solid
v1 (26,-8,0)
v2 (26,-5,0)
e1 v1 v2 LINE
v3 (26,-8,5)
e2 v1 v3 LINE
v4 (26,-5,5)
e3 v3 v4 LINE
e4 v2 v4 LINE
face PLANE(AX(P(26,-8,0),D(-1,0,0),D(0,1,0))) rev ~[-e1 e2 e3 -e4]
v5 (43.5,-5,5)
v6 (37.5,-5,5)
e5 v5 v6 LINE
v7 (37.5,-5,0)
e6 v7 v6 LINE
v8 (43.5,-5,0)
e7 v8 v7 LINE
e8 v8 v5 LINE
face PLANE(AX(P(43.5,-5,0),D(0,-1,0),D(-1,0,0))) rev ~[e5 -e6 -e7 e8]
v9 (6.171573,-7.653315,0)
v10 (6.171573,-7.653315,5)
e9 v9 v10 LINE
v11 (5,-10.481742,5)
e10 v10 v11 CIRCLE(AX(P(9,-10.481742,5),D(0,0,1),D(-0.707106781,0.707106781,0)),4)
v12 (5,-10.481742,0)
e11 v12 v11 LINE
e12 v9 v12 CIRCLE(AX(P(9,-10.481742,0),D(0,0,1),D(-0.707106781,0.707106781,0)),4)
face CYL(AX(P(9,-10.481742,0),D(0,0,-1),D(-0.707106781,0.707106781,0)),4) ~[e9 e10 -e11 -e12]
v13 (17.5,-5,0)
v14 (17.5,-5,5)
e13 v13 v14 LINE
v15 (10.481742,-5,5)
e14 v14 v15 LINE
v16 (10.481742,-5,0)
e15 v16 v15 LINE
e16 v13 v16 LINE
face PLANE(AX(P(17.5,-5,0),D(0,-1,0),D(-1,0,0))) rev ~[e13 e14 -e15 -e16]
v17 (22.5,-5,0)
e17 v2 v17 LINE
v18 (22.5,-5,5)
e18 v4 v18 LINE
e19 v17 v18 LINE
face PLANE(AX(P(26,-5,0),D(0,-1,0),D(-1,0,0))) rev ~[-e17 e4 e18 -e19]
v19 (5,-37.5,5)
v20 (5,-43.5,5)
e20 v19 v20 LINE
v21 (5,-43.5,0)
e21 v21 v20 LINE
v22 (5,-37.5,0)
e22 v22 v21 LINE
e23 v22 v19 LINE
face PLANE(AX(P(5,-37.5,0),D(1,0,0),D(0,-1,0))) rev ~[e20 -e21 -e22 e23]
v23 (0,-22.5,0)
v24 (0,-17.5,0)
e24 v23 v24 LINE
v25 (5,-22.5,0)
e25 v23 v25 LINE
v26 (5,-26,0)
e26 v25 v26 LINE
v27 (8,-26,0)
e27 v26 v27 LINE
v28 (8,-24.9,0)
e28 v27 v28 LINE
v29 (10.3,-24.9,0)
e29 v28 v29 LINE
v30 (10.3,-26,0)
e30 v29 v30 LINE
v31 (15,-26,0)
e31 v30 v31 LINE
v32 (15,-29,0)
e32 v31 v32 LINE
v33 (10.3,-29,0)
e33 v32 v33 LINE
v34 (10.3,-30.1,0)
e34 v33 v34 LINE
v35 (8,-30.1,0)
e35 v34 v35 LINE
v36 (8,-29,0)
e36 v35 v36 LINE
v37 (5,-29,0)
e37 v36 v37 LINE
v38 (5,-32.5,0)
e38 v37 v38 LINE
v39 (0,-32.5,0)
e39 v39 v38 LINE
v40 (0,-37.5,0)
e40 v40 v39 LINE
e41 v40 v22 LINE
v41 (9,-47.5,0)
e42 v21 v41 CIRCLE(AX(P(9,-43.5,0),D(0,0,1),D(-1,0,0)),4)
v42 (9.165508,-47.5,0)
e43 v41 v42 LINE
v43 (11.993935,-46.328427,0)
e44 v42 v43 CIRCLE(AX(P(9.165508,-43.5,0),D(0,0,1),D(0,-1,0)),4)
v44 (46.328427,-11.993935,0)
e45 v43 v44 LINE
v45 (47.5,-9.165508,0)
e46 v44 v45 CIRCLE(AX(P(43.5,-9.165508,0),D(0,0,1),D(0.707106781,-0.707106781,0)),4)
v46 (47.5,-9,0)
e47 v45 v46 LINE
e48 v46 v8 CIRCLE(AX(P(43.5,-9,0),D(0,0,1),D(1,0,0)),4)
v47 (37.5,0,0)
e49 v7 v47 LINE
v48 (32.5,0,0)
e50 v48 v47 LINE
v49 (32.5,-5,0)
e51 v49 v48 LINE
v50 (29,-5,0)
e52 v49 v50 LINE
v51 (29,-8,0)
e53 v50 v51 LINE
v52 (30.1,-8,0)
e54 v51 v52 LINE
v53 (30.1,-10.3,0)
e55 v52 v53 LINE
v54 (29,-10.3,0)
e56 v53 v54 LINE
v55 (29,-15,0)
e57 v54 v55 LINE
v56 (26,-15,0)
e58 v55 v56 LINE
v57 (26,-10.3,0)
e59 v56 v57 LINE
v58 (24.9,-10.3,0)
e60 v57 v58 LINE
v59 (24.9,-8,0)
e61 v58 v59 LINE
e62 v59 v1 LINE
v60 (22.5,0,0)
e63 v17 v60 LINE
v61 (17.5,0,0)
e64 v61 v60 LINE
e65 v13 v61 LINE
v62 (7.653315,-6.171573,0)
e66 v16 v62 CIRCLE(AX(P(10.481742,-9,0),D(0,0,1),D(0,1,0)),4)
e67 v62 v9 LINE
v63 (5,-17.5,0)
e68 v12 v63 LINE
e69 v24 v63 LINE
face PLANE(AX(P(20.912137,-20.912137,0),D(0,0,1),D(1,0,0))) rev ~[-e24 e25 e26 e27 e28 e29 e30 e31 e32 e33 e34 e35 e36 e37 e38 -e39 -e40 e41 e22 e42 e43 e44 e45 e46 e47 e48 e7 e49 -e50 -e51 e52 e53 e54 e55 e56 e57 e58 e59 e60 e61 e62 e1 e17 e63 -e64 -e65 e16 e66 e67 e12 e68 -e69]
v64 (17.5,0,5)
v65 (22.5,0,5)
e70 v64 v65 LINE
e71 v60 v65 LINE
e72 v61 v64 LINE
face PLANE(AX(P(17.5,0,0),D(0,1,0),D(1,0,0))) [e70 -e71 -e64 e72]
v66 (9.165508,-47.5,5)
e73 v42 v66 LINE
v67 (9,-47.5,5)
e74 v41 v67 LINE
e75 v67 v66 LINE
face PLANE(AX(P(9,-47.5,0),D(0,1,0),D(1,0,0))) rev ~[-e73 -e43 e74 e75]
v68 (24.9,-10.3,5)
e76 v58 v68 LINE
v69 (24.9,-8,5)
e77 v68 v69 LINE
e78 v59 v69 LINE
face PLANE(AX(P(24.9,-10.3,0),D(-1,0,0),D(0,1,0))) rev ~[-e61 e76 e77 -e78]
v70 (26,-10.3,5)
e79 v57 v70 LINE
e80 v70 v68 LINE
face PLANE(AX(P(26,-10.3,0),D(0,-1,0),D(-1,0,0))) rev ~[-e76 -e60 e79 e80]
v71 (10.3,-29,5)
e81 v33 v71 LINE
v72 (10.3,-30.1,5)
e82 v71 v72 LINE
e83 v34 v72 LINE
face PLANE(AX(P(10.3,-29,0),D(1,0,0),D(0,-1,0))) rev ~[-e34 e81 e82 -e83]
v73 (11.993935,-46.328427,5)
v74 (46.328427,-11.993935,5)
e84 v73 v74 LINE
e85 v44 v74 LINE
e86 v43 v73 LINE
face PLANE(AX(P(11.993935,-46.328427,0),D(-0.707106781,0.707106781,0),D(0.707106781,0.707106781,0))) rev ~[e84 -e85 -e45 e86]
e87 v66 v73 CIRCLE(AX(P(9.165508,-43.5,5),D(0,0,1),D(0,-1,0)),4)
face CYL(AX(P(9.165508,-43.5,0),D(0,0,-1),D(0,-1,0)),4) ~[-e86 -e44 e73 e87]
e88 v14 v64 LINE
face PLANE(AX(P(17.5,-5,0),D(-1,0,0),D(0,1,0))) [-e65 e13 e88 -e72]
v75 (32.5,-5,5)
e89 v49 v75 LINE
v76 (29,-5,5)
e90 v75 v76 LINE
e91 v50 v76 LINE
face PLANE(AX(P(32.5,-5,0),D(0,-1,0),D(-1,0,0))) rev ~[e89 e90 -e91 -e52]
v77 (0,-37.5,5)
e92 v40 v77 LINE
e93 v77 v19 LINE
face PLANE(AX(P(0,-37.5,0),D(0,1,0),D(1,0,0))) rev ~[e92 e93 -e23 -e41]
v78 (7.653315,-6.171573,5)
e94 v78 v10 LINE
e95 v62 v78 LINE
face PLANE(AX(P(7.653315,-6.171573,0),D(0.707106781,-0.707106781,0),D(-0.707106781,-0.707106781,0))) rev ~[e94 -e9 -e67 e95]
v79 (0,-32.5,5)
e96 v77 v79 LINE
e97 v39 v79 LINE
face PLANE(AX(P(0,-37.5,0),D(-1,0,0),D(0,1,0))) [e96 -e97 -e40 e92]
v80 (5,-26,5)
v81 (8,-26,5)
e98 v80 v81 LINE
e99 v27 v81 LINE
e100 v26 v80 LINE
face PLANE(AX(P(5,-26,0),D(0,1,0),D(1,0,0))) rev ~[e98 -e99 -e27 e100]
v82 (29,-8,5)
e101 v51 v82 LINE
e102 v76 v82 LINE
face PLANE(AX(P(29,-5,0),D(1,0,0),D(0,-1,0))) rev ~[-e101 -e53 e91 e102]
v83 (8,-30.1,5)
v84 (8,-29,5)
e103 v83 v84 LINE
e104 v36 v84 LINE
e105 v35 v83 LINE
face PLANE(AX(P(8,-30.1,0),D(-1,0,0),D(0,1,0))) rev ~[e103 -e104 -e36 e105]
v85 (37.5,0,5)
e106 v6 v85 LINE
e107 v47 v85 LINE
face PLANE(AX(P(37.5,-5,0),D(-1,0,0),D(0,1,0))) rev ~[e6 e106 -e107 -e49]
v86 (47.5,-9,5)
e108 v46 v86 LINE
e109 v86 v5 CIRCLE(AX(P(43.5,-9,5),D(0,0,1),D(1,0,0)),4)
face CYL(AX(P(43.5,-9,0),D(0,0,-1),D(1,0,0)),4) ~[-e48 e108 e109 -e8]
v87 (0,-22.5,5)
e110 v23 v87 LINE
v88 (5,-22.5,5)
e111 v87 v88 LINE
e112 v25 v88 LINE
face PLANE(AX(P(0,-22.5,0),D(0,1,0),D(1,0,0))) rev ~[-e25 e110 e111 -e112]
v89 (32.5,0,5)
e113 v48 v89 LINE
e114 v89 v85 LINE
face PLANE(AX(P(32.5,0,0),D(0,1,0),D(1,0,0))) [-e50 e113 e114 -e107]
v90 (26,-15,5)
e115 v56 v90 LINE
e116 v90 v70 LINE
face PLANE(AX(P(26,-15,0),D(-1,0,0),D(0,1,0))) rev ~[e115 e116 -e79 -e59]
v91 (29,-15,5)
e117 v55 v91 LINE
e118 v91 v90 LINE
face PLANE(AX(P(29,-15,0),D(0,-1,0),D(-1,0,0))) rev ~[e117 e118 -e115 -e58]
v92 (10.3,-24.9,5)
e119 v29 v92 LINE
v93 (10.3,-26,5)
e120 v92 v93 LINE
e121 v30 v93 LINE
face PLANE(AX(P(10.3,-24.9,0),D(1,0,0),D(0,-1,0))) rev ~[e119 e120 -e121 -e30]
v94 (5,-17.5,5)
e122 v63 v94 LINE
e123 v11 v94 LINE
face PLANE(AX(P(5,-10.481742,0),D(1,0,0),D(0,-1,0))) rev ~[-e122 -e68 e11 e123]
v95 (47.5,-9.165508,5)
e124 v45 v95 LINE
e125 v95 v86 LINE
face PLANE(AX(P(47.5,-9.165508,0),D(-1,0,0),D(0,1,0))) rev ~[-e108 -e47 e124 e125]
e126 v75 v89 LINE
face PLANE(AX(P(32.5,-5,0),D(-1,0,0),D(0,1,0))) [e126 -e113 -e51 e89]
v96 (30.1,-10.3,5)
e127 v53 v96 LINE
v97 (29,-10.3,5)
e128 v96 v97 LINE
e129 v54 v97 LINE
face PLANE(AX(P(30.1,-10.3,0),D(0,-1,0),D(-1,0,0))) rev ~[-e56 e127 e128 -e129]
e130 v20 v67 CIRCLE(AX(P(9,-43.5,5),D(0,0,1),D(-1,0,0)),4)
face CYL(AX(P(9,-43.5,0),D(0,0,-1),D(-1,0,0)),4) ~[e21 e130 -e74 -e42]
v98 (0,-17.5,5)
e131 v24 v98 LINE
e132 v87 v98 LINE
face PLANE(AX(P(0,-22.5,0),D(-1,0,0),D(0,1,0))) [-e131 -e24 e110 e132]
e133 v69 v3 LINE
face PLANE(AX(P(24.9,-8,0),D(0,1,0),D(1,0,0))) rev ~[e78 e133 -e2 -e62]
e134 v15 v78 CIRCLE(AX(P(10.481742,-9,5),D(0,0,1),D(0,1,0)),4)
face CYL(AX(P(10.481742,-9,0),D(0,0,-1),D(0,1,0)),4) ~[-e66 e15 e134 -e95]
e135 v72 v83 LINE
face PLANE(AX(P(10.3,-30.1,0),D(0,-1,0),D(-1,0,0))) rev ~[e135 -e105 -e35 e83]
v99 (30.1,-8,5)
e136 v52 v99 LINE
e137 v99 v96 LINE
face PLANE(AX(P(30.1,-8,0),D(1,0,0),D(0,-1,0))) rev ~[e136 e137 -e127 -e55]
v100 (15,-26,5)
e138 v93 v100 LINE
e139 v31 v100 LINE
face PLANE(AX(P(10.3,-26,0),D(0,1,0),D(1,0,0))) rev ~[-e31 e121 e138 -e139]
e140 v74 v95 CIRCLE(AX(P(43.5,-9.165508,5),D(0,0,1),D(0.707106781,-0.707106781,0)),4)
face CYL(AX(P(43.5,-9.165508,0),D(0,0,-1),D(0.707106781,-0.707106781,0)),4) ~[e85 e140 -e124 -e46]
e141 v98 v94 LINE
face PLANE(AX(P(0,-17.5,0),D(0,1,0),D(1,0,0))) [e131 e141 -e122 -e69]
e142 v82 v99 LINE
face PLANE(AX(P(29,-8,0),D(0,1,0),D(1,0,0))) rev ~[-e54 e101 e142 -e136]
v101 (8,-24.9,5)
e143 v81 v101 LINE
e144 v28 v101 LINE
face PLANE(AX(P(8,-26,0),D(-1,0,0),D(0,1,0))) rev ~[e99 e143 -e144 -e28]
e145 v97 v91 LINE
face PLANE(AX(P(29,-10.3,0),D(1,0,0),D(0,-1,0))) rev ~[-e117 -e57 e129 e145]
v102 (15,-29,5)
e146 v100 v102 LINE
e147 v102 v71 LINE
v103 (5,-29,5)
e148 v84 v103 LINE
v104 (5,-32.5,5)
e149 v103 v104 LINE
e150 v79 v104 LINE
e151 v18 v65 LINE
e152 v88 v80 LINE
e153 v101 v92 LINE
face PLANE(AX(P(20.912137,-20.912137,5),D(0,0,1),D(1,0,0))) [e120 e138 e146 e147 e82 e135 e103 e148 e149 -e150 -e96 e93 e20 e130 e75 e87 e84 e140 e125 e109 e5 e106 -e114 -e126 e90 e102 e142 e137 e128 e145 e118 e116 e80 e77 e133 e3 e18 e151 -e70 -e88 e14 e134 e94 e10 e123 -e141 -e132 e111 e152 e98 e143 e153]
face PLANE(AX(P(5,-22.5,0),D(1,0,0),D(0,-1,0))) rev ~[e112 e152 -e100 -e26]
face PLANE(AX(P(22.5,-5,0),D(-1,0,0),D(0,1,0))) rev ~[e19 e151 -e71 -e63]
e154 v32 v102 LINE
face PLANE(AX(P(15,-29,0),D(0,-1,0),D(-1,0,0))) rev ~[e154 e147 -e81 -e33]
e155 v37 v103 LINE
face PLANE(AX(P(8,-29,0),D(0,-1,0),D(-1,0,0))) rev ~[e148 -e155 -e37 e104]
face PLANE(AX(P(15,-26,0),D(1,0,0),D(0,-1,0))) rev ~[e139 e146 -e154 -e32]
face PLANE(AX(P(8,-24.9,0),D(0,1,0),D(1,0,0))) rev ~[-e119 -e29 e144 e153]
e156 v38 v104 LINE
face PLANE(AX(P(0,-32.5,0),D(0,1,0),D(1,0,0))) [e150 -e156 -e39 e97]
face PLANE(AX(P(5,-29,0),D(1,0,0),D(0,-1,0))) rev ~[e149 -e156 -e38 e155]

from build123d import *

# Parameters (mm, degrees)
SKETCH1_W           = 5
SKETCH1_H           = 5
BOSS_EXTRUDE1_DEPTH = 5


with BuildPart() as part:
    # Sketch1 → Boss-Extrude1 (new body)
    with BuildSketch(Plane.XY):
        with BuildLine():
            Line((17.5, -5), (10.481741735, -5))
            ThreePointArc((10.481741735, -5), (8.951008006, -5.30448187), (7.653314611, -6.171572875))
            Line((7.653314611, -6.171572875), (6.171572875, -7.653314611))
            ThreePointArc((6.171572875, -7.653314611), (5.30448187, -8.951008006), (5, -10.481741735))
            Line((5, -10.481741735), (5, -17.5))
            Line((5, -17.5), (5, -22.5))
            Line((5, -22.5), (5, -26))
            Line((5, -26), (8, -26))
            Line((8, -26), (8, -24.9))
            Line((8, -24.9), (10.3, -24.9))
            Line((10.3, -24.9), (10.3, -26))
            Line((10.3, -26), (15, -26))
            Line((15, -26), (15, -29))
            Line((15, -29), (10.3, -29))
            Line((10.3, -29), (10.3, -30.1))
            Line((10.3, -30.1), (8, -30.1))
            Line((8, -30.1), (8, -29))
            Line((8, -29), (5, -29))
            Line((5, -29), (5, -32.5))
            Line((5, -32.5), (5, -37.5))
            Line((5, -37.5), (5, -43.5))
            ThreePointArc((5, -43.5), (6.171572875, -46.328427125), (9, -47.5))
            Line((9, -47.5), (9.165507919, -47.5))
            ThreePointArc((9.165507919, -47.5), (10.696241649, -47.19551813), (11.993935044, -46.328427125))
            Line((11.993935044, -46.328427125), (46.328427125, -11.993935044))
            ThreePointArc((46.328427125, -11.993935044), (47.19551813, -10.696241649), (47.5, -9.165507919))
            Line((47.5, -9.165507919), (47.5, -9))
            ThreePointArc((47.5, -9), (46.328427125, -6.171572875), (43.5, -5))
            Line((43.5, -5), (37.5, -5))
            Line((37.5, -5), (32.5, -5))
            Line((32.5, -5), (29, -5))
            Line((29, -5), (29, -8))
            Line((29, -8), (30.1, -8))
            Line((30.1, -8), (30.1, -10.3))
            Line((30.1, -10.3), (29, -10.3))
            Line((29, -10.3), (29, -15))
            Line((29, -15), (26, -15))
            Line((26, -15), (26, -10.3))
            Line((26, -10.3), (24.9, -10.3))
            Line((24.9, -10.3), (24.9, -8))
            Line((24.9, -8), (26, -8))
            Line((26, -8), (26, -5))
            Line((26, -5), (22.5, -5))
            Line((22.5, -5), (17.5, -5))
        make_face()
        with Locations((2.5, -20)):
            Rectangle(SKETCH1_W, SKETCH1_H)
        with Locations((20, -2.5)):
            Rectangle(SKETCH1_W, SKETCH1_H)
        with Locations((35, -2.5)):
            Rectangle(SKETCH1_W, SKETCH1_H)
        with Locations((2.5, -35)):
            Rectangle(SKETCH1_W, SKETCH1_H)
    extrude(amount=BOSS_EXTRUDE1_DEPTH)


solid = part.part
